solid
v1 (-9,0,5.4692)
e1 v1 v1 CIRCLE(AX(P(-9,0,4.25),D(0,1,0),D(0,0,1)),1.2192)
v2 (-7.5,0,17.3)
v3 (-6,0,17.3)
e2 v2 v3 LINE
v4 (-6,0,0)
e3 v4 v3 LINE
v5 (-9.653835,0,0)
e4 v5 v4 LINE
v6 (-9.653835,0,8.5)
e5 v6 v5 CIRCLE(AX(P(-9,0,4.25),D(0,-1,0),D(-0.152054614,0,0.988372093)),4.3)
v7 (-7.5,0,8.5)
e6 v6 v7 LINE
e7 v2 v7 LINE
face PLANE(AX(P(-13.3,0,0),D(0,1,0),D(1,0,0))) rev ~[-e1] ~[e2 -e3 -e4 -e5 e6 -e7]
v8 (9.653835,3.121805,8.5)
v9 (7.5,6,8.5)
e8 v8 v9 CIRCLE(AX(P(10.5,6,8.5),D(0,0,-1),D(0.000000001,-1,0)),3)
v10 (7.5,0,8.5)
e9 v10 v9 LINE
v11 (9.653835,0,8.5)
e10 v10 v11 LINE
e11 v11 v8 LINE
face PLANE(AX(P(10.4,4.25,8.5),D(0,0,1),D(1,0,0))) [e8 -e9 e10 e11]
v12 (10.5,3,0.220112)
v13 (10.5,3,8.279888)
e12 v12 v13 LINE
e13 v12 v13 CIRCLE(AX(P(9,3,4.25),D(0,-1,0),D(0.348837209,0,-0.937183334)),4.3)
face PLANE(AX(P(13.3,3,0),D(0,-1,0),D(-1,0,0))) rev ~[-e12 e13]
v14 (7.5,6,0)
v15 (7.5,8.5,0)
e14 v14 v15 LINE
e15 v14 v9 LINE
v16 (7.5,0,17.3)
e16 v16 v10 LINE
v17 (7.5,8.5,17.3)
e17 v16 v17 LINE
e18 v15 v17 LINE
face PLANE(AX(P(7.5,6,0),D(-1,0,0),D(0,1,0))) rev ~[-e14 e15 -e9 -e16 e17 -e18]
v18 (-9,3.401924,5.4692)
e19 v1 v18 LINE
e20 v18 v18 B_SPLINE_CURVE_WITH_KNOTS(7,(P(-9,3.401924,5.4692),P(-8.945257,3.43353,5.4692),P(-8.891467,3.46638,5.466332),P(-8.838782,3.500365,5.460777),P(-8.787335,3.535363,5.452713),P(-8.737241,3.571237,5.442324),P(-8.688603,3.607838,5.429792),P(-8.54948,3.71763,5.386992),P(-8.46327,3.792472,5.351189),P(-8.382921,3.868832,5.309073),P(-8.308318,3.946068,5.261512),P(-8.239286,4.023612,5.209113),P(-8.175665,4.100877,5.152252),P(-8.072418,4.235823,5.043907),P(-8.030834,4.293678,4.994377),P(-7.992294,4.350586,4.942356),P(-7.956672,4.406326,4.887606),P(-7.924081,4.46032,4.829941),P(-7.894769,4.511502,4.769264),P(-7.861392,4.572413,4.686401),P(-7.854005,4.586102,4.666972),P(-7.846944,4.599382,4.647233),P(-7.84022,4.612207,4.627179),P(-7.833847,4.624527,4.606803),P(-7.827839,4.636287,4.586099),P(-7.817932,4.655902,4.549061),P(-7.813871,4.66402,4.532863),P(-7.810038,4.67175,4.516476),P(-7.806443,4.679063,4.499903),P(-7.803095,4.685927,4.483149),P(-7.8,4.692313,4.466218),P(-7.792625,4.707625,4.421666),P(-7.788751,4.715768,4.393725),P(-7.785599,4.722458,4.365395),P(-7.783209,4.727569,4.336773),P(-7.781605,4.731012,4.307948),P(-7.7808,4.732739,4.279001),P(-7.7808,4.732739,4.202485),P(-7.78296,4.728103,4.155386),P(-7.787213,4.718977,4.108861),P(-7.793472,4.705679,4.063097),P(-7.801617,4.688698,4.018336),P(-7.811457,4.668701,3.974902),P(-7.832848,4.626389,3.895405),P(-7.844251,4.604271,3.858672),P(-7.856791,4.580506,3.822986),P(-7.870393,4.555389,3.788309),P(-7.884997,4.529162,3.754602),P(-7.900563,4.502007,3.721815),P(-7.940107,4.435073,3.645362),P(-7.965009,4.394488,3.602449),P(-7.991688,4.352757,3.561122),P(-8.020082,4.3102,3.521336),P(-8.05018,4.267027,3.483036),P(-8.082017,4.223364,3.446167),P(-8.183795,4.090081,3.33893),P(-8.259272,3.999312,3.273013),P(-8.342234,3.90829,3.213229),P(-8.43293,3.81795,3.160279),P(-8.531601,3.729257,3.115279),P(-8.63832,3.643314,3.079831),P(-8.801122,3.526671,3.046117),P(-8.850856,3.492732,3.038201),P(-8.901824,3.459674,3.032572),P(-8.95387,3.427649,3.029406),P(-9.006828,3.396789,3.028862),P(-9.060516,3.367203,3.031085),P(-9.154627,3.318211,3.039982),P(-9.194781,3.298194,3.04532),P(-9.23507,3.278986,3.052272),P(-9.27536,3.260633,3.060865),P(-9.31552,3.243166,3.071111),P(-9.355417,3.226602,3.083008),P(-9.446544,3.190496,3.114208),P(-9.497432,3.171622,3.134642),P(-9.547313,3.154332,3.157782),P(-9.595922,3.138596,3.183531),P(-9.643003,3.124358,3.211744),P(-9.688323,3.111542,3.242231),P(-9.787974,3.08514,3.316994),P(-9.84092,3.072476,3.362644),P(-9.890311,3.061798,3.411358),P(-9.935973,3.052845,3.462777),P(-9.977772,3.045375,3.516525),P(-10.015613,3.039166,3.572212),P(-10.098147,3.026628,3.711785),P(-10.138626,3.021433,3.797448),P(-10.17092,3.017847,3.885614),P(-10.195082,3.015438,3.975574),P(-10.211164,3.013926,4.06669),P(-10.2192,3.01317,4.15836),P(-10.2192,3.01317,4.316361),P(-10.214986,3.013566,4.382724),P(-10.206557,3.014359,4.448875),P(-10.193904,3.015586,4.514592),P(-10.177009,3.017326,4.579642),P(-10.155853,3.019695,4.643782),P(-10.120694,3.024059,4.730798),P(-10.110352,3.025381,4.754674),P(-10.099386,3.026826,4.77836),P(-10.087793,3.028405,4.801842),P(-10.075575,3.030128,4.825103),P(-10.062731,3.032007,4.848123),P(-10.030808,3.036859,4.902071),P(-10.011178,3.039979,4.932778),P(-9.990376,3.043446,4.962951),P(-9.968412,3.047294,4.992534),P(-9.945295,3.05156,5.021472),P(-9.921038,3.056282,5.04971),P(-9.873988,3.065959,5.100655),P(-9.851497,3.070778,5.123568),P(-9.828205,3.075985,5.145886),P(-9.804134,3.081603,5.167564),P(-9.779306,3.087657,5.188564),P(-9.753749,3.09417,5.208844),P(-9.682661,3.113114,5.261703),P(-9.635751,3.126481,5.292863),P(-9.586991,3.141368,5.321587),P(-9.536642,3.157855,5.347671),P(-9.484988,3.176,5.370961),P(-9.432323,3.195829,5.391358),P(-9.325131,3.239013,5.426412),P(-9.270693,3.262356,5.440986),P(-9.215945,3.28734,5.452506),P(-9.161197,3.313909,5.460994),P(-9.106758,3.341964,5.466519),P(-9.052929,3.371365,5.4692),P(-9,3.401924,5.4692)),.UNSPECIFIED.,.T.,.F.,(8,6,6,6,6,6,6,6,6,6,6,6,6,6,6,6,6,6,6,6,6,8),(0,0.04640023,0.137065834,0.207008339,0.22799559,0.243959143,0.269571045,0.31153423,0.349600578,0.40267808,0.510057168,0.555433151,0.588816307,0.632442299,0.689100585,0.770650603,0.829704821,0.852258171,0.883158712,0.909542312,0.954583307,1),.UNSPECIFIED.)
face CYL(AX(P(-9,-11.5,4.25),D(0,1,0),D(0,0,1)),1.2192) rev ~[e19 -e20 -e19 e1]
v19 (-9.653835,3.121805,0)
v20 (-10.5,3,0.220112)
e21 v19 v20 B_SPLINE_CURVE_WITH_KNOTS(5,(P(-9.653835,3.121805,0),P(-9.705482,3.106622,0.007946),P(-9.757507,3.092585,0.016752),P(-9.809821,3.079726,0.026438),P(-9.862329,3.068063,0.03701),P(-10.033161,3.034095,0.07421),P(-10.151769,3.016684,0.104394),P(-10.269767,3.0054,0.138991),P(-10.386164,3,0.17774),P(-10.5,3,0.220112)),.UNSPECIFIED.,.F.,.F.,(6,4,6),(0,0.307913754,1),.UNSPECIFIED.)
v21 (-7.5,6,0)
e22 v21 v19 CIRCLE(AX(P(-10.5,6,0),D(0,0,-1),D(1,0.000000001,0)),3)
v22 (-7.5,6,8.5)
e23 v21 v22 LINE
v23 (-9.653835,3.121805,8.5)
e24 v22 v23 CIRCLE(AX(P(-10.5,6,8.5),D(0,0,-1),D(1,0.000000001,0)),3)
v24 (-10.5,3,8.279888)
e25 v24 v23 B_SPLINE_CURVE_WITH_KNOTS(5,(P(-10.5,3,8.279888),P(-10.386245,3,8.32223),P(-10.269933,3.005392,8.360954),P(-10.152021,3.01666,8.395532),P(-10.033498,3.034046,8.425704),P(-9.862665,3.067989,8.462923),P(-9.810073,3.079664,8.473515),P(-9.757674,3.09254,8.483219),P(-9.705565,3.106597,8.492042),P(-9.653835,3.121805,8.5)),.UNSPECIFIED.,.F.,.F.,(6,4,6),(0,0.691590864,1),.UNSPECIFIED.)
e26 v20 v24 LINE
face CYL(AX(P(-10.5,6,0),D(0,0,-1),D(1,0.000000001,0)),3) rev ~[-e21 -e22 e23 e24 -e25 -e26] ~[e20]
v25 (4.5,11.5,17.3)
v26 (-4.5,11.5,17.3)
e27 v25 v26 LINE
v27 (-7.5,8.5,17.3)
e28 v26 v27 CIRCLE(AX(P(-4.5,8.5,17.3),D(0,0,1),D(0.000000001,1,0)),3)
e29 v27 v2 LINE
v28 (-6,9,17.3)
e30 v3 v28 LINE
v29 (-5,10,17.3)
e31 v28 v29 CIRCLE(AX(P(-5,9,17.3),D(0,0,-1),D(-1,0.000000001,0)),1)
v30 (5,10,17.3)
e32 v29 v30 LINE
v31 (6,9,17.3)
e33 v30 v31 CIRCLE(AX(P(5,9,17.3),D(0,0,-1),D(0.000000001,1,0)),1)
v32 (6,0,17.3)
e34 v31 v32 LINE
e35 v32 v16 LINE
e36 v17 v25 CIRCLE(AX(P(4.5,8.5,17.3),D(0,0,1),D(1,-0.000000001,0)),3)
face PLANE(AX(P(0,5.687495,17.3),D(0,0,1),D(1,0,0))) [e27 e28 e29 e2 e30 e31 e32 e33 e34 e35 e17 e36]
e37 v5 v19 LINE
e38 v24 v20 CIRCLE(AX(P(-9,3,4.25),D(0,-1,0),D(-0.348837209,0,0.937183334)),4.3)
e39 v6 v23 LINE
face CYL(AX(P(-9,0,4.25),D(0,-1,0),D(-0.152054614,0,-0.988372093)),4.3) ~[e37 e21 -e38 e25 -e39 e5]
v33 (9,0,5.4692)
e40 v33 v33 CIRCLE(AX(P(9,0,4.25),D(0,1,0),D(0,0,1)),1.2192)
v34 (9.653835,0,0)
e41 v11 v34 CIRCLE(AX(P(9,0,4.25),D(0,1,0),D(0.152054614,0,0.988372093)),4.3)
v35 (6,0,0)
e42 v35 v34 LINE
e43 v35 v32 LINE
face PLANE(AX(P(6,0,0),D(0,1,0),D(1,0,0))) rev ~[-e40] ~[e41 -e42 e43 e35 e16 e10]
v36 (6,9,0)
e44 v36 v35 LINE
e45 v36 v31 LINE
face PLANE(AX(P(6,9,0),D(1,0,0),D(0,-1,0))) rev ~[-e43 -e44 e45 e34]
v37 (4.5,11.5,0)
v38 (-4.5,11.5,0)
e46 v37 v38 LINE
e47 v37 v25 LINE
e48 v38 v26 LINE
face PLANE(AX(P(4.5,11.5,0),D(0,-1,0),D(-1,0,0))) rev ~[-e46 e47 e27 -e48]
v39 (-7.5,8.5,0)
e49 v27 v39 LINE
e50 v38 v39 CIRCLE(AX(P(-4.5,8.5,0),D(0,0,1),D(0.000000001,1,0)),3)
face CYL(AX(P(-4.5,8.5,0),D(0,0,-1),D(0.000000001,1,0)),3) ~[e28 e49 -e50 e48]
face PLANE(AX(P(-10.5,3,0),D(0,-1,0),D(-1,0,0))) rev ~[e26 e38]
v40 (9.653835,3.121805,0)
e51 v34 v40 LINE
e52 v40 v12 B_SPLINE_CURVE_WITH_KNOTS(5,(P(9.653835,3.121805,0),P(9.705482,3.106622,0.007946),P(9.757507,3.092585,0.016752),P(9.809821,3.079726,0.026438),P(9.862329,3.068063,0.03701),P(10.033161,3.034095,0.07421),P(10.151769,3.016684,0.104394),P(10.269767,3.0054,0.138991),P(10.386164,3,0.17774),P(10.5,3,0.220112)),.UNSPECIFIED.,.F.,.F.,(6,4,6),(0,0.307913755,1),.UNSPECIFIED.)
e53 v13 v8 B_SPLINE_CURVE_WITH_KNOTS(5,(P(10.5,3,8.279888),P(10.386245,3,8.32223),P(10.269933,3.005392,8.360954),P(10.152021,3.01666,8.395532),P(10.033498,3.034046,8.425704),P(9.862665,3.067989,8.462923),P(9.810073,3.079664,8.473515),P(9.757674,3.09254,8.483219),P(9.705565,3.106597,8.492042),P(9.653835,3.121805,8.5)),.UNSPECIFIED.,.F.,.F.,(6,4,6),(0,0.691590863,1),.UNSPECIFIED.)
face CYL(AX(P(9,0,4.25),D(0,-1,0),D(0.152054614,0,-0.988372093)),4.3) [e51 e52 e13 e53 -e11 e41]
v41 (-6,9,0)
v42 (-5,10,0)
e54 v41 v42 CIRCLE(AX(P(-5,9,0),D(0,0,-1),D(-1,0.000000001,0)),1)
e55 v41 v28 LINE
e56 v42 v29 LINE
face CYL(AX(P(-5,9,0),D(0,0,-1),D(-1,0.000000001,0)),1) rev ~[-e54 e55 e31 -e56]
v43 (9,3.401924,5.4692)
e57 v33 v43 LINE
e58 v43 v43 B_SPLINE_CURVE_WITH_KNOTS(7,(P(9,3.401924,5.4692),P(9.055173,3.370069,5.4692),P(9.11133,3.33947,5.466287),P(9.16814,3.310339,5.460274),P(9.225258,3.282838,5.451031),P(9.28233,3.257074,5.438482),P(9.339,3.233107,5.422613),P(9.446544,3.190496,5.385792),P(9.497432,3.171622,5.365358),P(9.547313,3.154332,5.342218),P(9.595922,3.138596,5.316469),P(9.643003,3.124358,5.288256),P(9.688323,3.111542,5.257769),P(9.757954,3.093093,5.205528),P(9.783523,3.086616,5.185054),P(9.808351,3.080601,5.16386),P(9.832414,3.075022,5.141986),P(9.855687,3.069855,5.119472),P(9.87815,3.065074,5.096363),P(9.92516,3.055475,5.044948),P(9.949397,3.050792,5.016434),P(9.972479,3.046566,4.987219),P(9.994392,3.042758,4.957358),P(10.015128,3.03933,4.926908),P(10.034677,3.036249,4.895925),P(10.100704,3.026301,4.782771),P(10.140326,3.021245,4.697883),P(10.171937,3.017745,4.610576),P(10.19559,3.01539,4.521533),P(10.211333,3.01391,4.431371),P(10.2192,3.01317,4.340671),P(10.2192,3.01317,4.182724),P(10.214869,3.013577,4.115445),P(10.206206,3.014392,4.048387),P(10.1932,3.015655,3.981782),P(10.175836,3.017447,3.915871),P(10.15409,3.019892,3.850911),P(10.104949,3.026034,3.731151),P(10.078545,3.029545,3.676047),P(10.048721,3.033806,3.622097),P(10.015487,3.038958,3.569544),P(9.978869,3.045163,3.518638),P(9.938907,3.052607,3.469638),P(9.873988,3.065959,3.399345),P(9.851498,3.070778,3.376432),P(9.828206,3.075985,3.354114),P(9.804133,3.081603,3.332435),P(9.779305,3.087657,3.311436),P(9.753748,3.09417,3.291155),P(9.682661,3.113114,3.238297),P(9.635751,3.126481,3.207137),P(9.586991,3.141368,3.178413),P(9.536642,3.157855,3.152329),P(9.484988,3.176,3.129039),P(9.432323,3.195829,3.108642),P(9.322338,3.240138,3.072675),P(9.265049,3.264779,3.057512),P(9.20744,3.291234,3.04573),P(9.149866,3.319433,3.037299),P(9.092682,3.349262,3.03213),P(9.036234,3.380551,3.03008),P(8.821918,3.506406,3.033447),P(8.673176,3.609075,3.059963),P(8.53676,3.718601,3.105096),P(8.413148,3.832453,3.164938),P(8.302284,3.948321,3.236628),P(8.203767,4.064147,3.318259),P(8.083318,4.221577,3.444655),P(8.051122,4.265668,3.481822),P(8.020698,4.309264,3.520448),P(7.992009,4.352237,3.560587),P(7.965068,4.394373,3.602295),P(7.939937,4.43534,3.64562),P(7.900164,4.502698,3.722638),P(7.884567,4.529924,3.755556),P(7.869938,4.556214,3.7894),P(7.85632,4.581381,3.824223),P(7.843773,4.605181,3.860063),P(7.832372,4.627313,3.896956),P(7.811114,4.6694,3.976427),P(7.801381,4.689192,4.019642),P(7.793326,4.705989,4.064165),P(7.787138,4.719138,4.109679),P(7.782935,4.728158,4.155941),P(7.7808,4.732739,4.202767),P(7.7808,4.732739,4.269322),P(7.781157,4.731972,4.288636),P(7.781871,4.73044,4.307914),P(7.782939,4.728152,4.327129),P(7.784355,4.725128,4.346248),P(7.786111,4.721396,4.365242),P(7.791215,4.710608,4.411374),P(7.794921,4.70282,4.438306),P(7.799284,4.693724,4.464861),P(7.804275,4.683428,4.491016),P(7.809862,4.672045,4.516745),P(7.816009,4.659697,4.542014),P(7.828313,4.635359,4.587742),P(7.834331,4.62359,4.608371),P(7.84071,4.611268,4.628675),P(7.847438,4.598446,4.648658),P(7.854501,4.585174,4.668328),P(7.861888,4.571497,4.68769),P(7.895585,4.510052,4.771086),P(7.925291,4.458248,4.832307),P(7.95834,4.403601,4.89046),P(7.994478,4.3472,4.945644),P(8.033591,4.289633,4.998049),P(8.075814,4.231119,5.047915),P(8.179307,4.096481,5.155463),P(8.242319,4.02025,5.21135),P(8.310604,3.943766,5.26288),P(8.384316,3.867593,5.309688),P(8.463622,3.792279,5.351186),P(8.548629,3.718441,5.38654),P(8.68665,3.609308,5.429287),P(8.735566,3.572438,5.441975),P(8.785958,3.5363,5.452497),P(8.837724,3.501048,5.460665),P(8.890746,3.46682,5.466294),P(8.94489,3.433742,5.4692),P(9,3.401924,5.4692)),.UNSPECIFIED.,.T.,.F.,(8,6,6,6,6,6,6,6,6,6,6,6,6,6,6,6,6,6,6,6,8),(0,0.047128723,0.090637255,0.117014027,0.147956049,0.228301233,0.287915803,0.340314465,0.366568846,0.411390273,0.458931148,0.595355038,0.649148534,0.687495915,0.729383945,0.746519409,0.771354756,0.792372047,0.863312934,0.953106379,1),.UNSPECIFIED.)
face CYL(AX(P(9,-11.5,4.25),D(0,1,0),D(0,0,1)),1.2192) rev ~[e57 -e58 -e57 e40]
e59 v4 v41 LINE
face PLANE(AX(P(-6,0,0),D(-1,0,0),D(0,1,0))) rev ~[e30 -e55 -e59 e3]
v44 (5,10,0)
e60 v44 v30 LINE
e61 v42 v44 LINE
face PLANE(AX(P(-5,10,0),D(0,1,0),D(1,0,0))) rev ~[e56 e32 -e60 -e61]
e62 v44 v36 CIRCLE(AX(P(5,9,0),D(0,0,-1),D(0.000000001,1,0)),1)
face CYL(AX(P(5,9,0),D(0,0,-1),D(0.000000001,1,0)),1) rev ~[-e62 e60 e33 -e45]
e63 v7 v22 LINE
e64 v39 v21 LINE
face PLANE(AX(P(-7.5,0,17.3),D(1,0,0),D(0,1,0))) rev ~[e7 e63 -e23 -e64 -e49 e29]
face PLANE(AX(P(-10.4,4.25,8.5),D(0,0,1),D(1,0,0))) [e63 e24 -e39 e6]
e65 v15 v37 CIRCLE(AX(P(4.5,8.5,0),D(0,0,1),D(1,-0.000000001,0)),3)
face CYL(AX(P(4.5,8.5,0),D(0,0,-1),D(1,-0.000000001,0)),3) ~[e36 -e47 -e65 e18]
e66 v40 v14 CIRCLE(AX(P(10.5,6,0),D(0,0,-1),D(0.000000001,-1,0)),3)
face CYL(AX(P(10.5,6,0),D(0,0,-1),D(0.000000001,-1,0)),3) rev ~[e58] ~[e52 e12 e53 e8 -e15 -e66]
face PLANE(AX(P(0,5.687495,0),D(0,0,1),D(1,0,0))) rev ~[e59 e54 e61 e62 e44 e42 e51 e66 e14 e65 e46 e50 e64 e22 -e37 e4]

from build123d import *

# Parameters (mm, degrees)
EXTRUDE1_DEPTH            = 17.3
SKETCH2_W                 = 5.8
SKETCH2_H                 = 8.5
EXTRUDE2_DEPTH            = 8.8
SKETCH3_R                 = 1
EXTRUDE3_DEPTH            = 5
F_2_CLEARANCE_HOLE1_D     = 2.4384
F_2_CLEARANCE_HOLE1_DEPTH = 11.5


with BuildPart() as part:
    # Sketch1 → Extrude1 (new body)
    with BuildSketch(Plane.XY):
        with BuildLine():
            Line((-13.3, 0), (-6, 0))
            Line((-6, 0), (-6, 9))
            ThreePointArc((-6, 9), (-5.707106781, 9.707106781), (-5, 10))
            Line((-5, 10), (5, 10))
            ThreePointArc((5, 10), (5.707106781, 9.707106781), (6, 9))
            Line((6, 9), (6, 0))
            Line((6, 0), (13.3, 0))
            Line((13.3, 0), (13.3, 3))
            Line((13.3, 3), (10.5, 3))
            ThreePointArc((10.5, 3), (8.378679656, 3.878679656), (7.5, 6))
            Line((7.5, 6), (7.5, 8.5))
            ThreePointArc((7.5, 8.5), (6.621320344, 10.621320344), (4.5, 11.5))
            Line((4.5, 11.5), (-4.5, 11.5))
            ThreePointArc((-4.5, 11.5), (-6.621320344, 10.621320344), (-7.5, 8.5))
            Line((-7.5, 8.5), (-7.5, 6))
            ThreePointArc((-7.5, 6), (-8.378679656, 3.878679656), (-10.5, 3))
            Line((-10.5, 3), (-13.3, 3))
            Line((-13.3, 3), (-13.3, 0))
        make_face()
    extrude(amount=EXTRUDE1_DEPTH)

    # Sketch2 → Extrude2 (cut)
    with BuildSketch(Plane.XY.offset(17.3)):
        with Locations((-10.4, 4.25)):
            Rectangle(SKETCH2_W, SKETCH2_H)
        with Locations((10.4, 4.25)):
            Rectangle(SKETCH2_W, SKETCH2_H)
    extrude(amount=-EXTRUDE2_DEPTH, mode=Mode.SUBTRACT)

    # Sketch3 → Extrude3 (cut)
    with BuildSketch(Plane.XZ):
        with Locations(Location((-9, 4.25, 0), (0, 0, 270))):  # turned: the seam where the file's is
            Circle(SKETCH3_R)
        with Locations(Location((9, 4.25, 0), (0, 0, 270))):  # turned: the seam where the file's is
            Circle(SKETCH3_R)
        with BuildLine():
            Line((9.653834842, 8.5), (9.653834842, 9.262963398))
            Line((9.653834842, 9.262963398), (15.079268599, 9.262963398))
            Line((15.079268599, 9.262963398), (15.079268599, -0.486230121))
            Line((15.079268599, -0.486230121), (9.653834842, -0.486230121))
            Line((9.653834842, -0.486230121), (9.653834842, 0))
            ThreePointArc((9.653834842, 0), (13.3, 4.25), (9.653834842, 8.5))
        make_face()
        with BuildLine():
            Line((-9.653834842, -0.486230121), (-9.653834842, 0))
            ThreePointArc((-9.653834842, 0), (-13.3, 4.25), (-9.653834842, 8.5))
            Line((-9.653834842, 8.5), (-9.653834842, 9.262963398))
            Line((-9.653834842, 9.262963398), (-15.079268599, 9.262963398))
            Line((-15.079268599, 9.262963398), (-15.079268599, -0.486230121))
            Line((-15.079268599, -0.486230121), (-9.653834842, -0.486230121))
        make_face()
    extrude(amount=-EXTRUDE3_DEPTH, mode=Mode.SUBTRACT)

    # #2 Clearance Hole1
    with Locations(Plane(origin=(-9, 0, 4.25), x_dir=(0, 0, -1), z_dir=(0, -1, 0))):
        with Locations((0, 0), (0, 18)):
            Hole(F_2_CLEARANCE_HOLE1_D / 2, depth=F_2_CLEARANCE_HOLE1_DEPTH)


solid = part.part
